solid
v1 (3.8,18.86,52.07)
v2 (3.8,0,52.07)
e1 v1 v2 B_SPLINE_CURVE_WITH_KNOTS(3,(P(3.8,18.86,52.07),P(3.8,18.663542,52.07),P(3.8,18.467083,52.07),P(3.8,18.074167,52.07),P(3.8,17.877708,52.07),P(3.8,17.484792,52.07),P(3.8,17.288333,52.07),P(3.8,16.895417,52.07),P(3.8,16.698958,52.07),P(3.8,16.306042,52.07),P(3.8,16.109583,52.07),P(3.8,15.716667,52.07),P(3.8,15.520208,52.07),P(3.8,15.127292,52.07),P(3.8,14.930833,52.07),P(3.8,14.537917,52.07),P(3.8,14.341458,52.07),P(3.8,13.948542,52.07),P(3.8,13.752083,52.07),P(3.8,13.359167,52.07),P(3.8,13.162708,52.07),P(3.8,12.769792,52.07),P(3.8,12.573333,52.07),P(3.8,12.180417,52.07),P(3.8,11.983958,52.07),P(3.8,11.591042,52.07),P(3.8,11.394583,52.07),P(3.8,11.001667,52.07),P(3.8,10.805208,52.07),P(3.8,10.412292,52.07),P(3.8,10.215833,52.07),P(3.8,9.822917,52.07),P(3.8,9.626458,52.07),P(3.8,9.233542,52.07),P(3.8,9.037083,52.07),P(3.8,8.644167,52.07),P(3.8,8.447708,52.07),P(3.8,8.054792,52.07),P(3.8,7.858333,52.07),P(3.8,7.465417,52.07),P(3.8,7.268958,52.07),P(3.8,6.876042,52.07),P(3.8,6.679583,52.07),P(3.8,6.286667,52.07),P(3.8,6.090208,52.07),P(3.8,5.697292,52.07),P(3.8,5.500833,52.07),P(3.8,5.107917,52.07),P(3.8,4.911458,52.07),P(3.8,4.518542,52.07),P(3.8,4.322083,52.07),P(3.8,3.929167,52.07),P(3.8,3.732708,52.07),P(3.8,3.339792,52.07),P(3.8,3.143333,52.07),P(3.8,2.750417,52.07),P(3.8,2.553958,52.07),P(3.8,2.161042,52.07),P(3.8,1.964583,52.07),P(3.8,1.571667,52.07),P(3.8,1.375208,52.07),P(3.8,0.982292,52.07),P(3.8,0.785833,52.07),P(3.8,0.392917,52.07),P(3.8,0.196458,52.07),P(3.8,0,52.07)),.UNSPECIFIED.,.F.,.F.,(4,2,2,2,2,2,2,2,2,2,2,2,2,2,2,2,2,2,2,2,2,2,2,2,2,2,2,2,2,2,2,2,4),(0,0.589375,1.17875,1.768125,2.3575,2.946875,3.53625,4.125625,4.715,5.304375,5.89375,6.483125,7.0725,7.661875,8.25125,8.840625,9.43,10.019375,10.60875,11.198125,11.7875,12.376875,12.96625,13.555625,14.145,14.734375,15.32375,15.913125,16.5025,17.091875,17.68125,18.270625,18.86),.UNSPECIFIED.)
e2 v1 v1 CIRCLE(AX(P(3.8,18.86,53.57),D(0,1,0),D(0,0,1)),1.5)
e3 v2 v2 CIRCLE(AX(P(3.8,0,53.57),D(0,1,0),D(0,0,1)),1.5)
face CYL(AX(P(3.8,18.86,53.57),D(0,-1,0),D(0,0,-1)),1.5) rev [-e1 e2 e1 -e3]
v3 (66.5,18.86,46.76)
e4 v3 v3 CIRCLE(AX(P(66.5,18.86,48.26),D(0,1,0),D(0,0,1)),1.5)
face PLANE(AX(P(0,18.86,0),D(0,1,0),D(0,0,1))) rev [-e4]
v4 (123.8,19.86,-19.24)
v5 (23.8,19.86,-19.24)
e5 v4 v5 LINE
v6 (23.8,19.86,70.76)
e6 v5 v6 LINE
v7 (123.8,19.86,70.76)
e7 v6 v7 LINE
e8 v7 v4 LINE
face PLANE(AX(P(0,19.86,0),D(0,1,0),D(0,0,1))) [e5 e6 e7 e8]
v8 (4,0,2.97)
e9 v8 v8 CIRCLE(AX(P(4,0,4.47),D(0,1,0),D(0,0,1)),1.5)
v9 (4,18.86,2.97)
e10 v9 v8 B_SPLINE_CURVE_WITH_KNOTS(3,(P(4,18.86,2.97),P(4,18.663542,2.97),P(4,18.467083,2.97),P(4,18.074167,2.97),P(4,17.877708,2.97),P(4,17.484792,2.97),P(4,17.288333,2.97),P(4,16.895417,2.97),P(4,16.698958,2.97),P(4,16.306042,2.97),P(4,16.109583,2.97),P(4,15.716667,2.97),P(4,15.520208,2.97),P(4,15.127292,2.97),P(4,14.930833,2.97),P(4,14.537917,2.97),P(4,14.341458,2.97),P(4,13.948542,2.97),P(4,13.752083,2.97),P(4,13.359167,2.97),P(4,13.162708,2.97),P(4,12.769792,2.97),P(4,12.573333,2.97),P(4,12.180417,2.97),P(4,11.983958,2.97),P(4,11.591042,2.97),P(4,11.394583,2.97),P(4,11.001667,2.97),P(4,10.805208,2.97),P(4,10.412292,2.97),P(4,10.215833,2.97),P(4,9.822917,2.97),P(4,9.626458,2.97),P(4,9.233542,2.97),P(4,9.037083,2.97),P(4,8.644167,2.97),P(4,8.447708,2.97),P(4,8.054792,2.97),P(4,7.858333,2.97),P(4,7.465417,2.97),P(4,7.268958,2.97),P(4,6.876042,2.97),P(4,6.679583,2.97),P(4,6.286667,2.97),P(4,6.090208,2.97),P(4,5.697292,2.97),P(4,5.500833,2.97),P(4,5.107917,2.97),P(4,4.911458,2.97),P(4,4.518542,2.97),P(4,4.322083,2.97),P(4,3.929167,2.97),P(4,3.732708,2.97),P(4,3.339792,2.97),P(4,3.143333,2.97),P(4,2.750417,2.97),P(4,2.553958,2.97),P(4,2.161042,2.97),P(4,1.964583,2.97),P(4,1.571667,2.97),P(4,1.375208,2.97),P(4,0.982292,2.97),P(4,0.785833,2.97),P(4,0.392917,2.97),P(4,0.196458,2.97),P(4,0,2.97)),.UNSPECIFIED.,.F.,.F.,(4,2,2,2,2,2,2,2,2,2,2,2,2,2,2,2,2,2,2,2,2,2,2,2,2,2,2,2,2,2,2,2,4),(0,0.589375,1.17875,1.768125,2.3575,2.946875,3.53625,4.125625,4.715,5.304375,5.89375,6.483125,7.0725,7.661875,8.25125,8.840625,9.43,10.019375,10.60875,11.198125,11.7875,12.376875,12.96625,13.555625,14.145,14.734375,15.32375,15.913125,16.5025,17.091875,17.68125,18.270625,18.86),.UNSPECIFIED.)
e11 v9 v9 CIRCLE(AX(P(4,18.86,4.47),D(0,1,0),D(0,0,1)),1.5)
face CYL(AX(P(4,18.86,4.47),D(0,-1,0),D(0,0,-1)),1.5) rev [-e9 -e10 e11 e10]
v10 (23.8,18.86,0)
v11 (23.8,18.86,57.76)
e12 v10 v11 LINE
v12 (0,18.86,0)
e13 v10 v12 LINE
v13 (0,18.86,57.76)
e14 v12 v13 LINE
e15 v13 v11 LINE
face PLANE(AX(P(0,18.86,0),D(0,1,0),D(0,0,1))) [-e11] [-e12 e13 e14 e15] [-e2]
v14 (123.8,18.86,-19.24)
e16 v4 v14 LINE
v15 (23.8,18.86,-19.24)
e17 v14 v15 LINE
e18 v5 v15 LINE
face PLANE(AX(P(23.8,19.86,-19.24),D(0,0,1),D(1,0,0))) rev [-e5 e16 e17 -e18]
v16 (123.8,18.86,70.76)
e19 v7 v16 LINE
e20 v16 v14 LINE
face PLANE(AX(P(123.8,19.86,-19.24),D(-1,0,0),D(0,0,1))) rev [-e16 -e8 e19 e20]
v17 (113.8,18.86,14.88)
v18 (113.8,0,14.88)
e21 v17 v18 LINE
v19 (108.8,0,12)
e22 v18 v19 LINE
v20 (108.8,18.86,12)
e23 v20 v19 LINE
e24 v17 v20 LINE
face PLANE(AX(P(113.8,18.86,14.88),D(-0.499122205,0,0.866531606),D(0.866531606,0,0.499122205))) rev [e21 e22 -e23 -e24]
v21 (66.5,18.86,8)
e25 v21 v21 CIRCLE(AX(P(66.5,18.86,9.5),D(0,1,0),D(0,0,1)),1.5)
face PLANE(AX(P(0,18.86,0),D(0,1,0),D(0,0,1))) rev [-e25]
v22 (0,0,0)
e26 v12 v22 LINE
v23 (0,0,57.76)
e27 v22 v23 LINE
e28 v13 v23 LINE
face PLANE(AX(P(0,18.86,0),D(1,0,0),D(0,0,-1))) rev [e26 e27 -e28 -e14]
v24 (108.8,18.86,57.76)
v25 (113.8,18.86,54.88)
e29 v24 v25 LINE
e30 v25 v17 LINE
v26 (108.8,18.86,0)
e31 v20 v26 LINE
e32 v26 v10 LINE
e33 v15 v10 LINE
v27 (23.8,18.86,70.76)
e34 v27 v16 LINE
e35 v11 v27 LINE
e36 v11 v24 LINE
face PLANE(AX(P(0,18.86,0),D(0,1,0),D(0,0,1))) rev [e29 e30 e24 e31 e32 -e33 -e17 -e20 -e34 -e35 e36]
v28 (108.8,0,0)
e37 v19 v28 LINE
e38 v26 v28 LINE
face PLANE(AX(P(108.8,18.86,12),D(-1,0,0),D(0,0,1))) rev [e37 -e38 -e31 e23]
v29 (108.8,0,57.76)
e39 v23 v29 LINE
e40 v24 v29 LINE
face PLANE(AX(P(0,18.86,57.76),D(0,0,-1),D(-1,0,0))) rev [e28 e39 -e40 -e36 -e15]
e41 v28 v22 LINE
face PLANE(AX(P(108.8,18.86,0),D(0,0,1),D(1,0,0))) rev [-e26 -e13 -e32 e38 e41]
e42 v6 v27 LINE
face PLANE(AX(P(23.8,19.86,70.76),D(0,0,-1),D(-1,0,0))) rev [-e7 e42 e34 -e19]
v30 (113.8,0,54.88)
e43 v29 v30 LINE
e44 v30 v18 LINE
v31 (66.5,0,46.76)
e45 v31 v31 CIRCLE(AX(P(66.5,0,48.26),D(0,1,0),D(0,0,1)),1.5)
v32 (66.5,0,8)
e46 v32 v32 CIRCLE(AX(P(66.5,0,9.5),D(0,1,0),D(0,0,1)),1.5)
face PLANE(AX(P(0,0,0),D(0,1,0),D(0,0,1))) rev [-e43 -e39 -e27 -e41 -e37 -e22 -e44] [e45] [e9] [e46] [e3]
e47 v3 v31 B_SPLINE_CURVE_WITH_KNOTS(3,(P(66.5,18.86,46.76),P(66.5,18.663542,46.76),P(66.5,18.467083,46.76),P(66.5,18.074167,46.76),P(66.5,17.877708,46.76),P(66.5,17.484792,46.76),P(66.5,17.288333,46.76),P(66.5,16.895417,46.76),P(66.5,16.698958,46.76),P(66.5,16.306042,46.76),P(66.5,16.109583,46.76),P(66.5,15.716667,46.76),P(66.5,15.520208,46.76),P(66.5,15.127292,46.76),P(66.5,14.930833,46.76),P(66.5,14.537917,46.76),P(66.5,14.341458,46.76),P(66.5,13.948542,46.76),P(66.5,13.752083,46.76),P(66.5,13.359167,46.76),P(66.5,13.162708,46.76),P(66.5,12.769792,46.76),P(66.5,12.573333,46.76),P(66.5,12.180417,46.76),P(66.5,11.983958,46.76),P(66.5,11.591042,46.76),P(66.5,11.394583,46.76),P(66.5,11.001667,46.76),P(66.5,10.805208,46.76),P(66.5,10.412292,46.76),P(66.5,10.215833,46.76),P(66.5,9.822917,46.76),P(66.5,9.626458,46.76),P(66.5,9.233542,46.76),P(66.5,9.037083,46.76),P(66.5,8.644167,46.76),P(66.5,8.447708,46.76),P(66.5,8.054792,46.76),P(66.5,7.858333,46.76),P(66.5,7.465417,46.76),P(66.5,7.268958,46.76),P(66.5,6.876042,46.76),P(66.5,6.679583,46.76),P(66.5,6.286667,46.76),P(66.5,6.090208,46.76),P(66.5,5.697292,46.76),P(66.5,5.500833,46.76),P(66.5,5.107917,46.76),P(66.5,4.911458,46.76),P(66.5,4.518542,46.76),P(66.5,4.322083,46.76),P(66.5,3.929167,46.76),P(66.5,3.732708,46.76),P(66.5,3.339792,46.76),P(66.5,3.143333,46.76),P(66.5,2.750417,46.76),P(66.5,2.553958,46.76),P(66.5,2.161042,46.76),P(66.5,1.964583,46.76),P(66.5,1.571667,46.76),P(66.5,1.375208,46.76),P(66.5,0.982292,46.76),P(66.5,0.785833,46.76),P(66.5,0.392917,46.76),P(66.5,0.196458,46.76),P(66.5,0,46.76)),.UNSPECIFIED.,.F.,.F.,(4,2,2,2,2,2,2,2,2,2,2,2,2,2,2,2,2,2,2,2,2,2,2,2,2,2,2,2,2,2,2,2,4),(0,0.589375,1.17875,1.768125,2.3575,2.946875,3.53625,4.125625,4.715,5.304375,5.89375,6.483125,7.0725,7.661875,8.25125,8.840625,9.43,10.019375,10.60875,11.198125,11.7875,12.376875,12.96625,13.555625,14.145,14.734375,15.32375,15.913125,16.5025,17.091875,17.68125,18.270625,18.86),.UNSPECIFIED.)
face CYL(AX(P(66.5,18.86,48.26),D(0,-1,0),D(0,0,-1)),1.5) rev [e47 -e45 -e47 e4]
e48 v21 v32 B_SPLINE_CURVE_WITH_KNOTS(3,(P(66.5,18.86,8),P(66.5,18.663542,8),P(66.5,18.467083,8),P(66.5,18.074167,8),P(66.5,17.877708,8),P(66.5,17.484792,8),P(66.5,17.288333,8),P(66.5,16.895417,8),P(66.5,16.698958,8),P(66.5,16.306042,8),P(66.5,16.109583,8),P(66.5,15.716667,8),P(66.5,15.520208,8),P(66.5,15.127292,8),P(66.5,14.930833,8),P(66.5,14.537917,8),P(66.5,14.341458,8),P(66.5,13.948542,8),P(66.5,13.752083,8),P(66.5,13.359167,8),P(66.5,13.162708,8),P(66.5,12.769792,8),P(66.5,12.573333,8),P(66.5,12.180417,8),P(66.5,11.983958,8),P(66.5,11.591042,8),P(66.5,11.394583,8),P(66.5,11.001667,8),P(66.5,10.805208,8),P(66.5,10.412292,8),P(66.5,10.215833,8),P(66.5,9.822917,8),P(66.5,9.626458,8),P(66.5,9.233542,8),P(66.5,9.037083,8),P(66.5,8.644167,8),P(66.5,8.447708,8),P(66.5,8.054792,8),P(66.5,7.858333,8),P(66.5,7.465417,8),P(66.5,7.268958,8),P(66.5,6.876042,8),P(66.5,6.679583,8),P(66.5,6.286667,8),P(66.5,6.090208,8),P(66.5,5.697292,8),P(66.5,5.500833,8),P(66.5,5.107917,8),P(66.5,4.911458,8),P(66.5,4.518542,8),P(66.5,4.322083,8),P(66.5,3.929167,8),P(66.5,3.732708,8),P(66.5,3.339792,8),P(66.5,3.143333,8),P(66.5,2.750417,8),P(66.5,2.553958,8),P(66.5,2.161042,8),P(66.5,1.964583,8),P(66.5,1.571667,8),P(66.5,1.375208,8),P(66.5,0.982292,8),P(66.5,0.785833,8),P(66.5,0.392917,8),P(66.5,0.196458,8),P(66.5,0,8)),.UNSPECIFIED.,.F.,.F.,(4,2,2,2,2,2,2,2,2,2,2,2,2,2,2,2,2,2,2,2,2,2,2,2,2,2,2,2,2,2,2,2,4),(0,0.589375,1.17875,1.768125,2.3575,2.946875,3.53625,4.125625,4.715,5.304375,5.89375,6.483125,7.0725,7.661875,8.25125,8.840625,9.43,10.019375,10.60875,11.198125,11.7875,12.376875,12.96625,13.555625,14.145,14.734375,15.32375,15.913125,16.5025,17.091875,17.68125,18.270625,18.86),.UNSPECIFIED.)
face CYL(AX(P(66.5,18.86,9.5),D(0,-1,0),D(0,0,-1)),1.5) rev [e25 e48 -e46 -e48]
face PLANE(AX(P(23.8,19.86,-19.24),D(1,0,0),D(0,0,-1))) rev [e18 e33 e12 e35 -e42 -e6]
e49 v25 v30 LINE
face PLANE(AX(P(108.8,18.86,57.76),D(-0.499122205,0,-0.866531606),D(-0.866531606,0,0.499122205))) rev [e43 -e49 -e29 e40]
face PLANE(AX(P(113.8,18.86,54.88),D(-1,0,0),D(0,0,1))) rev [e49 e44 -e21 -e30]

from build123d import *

# Parameters (mm, degrees)
SKETCH1_R           = 1.5
BOSS_EXTRUDE1_DEPTH = 18.86
SKETCH2_W           = 100
SKETCH2_H           = 90
BOSS_EXTRUDE2_DEPTH = 1


with BuildPart() as part:
    # Sketch1 → Boss-Extrude1 (new body)
    with BuildSketch(Plane(origin=(0, 0, 0), x_dir=(1, 0, 0), z_dir=(0, 1, 0))):
        Polygon((0, 0), (0, -57.76), (108.8, -57.76), (113.8, -54.88), (113.8, -14.88), (108.8, -12), (108.8, 0), align=None)
        with Locations(Location((66.5, -9.5, 0), (0, 0, 90))):
            Circle(SKETCH1_R, mode=Mode.SUBTRACT)
        with Locations(Location((4, -4.47, 0), (0, 0, 90))):
            Circle(SKETCH1_R, mode=Mode.SUBTRACT)
        with Locations(Location((3.8, -53.57, 0), (0, 0, 90))):
            Circle(SKETCH1_R, mode=Mode.SUBTRACT)
        with Locations(Location((66.5, -48.26, 0), (0, 0, 90))):
            Circle(SKETCH1_R, mode=Mode.SUBTRACT)
    extrude(amount=BOSS_EXTRUDE1_DEPTH)

    # Sketch2 → Boss-Extrude2 (add)
    with BuildSketch(Plane(origin=(0, 18.86, 0), x_dir=(1, 0, 0), z_dir=(0, 1, 0))):
        with Locations((73.8, -25.76)):
            Rectangle(SKETCH2_W, SKETCH2_H)
    extrude(amount=BOSS_EXTRUDE2_DEPTH)


solid = part.part
